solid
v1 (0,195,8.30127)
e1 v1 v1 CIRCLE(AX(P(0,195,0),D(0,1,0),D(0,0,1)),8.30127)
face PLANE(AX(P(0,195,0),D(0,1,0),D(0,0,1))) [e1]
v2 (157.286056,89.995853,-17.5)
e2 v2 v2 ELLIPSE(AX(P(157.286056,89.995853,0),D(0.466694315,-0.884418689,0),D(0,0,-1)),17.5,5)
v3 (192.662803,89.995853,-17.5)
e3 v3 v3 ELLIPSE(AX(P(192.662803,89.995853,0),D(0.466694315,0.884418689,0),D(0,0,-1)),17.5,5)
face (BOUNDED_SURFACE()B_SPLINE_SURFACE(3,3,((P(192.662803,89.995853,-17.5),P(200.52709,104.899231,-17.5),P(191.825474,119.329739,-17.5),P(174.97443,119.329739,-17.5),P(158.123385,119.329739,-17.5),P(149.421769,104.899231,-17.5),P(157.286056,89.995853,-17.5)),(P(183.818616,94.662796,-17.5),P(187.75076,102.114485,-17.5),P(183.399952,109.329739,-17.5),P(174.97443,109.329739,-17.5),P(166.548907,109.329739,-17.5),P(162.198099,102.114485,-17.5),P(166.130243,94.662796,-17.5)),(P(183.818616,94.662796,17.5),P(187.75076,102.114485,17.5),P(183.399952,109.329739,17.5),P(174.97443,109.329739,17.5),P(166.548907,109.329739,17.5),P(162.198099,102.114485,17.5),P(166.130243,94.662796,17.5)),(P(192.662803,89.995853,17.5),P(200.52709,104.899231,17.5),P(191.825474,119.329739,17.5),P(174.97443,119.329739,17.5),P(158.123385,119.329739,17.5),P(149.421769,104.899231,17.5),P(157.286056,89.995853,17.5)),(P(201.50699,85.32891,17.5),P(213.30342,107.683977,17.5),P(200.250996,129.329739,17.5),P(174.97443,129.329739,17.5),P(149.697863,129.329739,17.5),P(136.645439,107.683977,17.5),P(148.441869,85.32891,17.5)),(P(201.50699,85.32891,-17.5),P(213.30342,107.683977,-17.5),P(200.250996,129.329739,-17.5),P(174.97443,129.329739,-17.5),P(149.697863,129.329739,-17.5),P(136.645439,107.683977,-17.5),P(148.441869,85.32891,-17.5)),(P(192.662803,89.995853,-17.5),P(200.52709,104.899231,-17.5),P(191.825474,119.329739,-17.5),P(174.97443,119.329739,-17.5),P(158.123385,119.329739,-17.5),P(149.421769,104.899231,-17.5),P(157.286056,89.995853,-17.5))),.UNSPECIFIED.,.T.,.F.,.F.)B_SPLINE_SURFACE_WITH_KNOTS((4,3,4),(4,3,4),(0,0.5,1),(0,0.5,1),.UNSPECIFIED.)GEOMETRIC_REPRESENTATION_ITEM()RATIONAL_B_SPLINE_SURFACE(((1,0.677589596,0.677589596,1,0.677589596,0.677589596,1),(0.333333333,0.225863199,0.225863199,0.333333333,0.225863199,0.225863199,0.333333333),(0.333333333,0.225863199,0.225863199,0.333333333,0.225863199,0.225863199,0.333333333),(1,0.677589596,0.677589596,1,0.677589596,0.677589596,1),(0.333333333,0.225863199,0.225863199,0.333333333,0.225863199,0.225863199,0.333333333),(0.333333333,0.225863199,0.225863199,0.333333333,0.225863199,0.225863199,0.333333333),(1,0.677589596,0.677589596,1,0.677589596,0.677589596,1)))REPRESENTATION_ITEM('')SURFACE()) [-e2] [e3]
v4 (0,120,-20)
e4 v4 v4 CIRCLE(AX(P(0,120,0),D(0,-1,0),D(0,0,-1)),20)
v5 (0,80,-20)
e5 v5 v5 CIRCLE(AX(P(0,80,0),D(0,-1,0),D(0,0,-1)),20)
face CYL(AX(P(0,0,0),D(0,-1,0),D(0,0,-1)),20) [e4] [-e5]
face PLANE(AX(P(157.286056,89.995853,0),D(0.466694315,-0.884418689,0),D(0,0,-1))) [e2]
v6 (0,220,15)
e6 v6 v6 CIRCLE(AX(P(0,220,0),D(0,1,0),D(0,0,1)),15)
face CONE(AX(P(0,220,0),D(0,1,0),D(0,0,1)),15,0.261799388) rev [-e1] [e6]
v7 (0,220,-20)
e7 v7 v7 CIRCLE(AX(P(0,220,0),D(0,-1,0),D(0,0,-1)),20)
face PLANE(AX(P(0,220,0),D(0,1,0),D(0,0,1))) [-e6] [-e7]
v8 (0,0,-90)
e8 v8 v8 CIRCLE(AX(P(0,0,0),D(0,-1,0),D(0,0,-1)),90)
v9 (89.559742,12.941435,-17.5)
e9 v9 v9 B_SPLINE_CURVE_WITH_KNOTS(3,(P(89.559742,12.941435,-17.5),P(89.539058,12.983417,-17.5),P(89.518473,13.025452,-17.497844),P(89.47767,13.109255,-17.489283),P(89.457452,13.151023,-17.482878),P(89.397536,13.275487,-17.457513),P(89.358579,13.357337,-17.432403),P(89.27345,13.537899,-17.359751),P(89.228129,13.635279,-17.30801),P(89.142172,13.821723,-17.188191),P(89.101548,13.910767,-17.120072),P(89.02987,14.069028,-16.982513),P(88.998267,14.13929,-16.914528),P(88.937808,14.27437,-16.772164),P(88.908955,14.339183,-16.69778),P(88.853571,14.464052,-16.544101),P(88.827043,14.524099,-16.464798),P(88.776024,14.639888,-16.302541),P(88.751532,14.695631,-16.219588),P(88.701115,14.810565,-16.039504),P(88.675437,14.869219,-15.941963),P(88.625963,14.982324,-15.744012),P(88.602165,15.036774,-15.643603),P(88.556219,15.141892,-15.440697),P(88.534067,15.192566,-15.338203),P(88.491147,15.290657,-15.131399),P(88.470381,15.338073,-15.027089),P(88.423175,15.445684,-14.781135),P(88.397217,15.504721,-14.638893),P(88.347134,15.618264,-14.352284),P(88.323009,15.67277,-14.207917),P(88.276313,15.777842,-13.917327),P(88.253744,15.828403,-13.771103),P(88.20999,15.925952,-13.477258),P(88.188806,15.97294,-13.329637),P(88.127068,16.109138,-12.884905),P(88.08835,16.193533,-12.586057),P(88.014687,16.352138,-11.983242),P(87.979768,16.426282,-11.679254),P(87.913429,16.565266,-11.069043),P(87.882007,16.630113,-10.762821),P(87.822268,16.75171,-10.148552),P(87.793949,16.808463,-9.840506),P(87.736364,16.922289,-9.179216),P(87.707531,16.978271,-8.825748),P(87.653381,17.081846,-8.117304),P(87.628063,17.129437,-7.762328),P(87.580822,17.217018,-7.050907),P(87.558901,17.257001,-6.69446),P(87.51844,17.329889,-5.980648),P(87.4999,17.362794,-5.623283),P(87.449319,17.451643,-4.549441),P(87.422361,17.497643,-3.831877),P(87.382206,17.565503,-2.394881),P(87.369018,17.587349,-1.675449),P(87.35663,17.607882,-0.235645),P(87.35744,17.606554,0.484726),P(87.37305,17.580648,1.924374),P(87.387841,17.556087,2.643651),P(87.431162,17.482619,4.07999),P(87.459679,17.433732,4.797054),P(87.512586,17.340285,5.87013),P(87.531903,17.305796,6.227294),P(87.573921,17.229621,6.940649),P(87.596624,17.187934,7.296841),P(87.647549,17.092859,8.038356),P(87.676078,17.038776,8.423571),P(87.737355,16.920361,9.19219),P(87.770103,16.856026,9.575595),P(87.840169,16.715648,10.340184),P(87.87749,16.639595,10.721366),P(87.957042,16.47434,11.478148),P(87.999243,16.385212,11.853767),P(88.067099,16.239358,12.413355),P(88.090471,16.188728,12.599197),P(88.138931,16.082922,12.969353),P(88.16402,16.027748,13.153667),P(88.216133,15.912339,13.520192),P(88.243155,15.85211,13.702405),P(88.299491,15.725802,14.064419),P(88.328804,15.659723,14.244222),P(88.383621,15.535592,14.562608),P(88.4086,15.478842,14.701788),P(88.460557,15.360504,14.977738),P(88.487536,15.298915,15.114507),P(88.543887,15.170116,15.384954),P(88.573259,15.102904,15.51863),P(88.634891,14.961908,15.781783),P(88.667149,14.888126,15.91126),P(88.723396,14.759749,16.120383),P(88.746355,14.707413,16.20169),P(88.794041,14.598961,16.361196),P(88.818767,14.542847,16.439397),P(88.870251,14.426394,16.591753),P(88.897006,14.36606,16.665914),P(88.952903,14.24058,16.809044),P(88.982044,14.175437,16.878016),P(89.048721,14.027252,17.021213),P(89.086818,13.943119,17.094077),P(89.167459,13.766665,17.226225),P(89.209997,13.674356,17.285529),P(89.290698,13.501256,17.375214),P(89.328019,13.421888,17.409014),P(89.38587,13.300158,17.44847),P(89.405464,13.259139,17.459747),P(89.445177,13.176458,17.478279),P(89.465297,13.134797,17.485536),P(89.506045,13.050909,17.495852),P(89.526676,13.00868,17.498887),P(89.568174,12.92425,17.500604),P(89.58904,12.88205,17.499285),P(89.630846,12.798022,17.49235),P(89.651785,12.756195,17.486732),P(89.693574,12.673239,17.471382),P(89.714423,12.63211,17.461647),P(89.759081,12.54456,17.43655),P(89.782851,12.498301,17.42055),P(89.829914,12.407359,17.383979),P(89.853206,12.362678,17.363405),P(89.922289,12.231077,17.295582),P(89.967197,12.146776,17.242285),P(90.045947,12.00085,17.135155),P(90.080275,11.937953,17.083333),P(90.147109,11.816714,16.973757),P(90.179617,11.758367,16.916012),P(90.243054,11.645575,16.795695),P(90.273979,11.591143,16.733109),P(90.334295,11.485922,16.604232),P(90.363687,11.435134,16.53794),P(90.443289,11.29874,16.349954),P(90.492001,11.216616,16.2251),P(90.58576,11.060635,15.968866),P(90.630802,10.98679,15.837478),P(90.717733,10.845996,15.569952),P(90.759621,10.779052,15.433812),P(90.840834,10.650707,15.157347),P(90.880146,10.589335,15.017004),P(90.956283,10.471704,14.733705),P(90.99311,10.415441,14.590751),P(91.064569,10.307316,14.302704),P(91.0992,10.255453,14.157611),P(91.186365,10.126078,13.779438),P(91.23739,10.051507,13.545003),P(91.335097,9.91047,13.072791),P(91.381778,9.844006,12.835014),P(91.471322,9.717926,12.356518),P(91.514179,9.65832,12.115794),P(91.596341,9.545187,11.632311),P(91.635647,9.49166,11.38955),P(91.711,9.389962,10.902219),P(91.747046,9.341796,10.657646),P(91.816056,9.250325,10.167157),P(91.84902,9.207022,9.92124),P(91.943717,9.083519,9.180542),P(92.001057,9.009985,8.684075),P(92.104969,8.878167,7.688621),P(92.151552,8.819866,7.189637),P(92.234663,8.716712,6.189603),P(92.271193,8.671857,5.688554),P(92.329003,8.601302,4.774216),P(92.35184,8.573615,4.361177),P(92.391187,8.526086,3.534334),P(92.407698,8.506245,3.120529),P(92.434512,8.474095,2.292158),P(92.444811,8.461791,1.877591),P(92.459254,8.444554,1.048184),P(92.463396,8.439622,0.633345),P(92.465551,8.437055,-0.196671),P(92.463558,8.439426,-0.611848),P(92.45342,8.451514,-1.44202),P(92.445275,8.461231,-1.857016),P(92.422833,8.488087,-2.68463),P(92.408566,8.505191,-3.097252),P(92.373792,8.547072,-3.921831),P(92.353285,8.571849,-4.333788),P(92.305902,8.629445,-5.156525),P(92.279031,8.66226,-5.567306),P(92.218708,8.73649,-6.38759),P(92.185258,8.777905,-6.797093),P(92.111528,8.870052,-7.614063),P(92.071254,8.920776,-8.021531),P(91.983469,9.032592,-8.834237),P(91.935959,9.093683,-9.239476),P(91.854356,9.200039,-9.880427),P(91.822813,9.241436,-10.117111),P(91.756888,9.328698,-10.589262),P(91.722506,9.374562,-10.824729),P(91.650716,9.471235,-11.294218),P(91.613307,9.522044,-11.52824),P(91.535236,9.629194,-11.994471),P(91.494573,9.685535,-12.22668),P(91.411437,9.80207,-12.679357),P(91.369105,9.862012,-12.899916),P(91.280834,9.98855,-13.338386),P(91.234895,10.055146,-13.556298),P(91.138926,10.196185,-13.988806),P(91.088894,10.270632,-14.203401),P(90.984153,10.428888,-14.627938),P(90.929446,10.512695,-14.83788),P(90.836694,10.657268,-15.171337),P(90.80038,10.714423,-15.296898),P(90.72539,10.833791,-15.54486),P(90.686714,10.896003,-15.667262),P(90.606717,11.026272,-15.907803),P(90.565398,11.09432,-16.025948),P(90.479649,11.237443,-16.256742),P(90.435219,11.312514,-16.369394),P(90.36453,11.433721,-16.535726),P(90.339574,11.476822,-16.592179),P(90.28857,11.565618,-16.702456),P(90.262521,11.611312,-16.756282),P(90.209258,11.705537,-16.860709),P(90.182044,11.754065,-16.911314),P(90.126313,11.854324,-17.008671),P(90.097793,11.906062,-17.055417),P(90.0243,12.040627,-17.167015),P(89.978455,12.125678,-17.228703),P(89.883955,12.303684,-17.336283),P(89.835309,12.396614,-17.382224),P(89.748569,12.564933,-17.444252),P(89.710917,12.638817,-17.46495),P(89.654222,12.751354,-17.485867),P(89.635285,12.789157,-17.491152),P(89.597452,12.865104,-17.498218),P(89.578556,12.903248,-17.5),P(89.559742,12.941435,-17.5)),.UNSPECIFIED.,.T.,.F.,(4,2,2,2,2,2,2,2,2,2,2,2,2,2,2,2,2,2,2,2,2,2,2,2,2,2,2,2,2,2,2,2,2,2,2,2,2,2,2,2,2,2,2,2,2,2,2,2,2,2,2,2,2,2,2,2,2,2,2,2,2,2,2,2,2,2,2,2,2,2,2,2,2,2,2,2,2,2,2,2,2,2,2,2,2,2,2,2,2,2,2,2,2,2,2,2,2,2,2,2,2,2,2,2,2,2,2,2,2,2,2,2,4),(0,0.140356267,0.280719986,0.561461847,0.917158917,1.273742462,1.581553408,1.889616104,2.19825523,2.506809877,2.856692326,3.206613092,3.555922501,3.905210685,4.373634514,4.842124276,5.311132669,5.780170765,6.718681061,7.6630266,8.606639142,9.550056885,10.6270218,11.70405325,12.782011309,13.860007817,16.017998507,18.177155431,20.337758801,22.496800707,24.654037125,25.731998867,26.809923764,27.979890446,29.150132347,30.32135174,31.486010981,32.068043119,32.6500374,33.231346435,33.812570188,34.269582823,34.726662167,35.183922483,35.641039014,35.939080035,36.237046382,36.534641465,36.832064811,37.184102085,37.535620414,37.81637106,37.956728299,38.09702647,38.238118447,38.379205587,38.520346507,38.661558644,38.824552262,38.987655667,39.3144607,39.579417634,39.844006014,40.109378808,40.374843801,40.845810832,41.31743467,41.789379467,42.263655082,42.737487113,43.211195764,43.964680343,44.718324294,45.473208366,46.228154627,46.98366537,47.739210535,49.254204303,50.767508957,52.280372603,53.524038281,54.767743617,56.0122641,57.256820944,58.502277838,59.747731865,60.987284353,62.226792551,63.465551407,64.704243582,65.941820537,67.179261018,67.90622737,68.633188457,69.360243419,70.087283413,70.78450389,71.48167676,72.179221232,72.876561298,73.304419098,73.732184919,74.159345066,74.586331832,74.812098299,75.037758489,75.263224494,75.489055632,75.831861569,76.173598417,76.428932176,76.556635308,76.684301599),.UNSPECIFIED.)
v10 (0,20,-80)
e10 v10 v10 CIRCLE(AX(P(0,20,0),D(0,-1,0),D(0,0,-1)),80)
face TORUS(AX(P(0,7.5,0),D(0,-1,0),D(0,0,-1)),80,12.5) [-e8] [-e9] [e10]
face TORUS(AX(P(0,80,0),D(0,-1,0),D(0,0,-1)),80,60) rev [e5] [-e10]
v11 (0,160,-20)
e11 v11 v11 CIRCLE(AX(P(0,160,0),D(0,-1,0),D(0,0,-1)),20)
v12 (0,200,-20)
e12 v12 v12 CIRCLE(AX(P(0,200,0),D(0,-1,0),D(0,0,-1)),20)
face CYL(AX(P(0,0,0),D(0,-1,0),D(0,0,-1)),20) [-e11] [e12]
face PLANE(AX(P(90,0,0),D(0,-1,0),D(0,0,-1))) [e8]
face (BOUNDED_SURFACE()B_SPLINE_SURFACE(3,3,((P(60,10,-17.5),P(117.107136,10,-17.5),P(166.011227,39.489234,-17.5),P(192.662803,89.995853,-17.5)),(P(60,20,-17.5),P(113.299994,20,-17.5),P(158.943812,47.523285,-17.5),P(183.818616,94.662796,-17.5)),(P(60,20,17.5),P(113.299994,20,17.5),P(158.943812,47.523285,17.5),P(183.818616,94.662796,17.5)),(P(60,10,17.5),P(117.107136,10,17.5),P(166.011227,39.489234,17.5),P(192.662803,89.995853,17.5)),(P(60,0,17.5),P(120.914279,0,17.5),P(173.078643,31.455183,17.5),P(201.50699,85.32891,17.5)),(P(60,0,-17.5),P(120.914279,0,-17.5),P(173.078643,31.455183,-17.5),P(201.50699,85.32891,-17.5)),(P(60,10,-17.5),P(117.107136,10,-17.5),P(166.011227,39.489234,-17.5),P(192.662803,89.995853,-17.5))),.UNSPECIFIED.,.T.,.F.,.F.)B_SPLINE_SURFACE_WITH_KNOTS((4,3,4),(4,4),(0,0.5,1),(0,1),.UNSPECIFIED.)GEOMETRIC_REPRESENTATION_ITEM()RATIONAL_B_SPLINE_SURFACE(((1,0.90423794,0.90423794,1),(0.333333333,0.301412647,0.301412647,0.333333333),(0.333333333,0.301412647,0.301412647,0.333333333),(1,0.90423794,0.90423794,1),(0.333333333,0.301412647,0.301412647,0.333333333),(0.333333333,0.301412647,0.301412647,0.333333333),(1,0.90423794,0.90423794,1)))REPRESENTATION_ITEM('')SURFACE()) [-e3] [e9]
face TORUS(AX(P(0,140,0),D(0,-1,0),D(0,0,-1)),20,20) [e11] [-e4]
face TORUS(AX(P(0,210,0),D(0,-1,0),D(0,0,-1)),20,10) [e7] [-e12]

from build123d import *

# Parameters (mm, degrees)
SZKIC3_RX                  = 17.5
SZKIC3_RY                  = 5
SZKIC4_R                   = 15
WYTNIJ_WYCI_GNI_CIE3_DEPTH = 25
WYTNIJ_WYCI_GNI_CIE3_DRAFT = -15


with BuildPart() as part:
    # Szkic1 → Obrót1 (revolve)
    with BuildSketch(Plane.XY, mode=Mode.PRIVATE) as obr_t1_sk:
        with BuildLine():
            Line((0, 0), (0, 220))
            Line((0, 220), (20, 220))
            ThreePointArc((20, 220), (30, 210), (20, 200))
            Line((20, 200), (20, 160))
            ThreePointArc((20, 160), (40, 140), (20, 120))
            Line((20, 120), (20, 80))
            ThreePointArc((20, 80), (37.573593129, 37.573593129), (80, 20))
            ThreePointArc((80, 20), (91.180339887, 13.090169944), (90, 0))
            Line((90, 0), (0, 0))
        make_face()
    revolve(obr_t1_sk.sketch.rotate(Axis((0, 0, 0), (0, 1, 0)), 90), axis=Axis((0, 0, 0), (0, 1, 0)))

    # Wyciągnięcie po ścieżce1: sweep along a path in Szkic2
    with BuildLine(Plane.XY) as wyci_gni_cie_po_cie_ce1_path:
        Line((0, 10), (60, 10))
        ThreePointArc((60, 10), (137.457659145, 31.546463499), (192.662803285, 89.995852804))
        ThreePointArc((192.662803285, 89.995852804), (174.974429513, 119.329739097), (157.286055742, 89.995852804))
    # Szkic3 → Wyciągnięcie po ścieżce1 (sweep)
    with BuildSketch(Plane(origin=(0, 0, 0), x_dir=(0, 0, -1), z_dir=(1, 0, 0))):
        with Locations(Location((0, 10), (0, 0, 180))):
            Ellipse(SZKIC3_RX, SZKIC3_RY)
    sweep(path=wyci_gni_cie_po_cie_ce1_path.line)


with BuildPart() as wytnij_wyci_gni_cie3_tool:
    # Szkic4 → Wytnij-wyciągnięcie3 (with draft: the straight prism first)
    with BuildSketch(Plane(origin=(0, 220, 0), x_dir=(1, 0, 0), z_dir=(0, 1, 0))):
        Circle(SZKIC4_R)
    extrude(amount=-WYTNIJ_WYCI_GNI_CIE3_DEPTH)
    # Wytnij-wyciągnięcie3: the draft: its side faces are tilted about the plane it starts from
    wytnij_wyci_gni_cie3_sides = [wytnij_wyci_gni_cie3_tool.faces().sort_by_distance(p)[0] for p in [
        (-15, 207.5, 0),
    ]]
    draft(wytnij_wyci_gni_cie3_sides, Plane(origin=(0, 220, 0), x_dir=(1, 0, 0), z_dir=(0, 1, 0)), WYTNIJ_WYCI_GNI_CIE3_DRAFT)


with BuildPart() as part_1:
    add(part.part)

    # Wytnij-wyciągnięcie3: cut by wytnij_wyci_gni_cie3_tool
    add(wytnij_wyci_gni_cie3_tool.part, mode=Mode.SUBTRACT)


solid = part_1.part
